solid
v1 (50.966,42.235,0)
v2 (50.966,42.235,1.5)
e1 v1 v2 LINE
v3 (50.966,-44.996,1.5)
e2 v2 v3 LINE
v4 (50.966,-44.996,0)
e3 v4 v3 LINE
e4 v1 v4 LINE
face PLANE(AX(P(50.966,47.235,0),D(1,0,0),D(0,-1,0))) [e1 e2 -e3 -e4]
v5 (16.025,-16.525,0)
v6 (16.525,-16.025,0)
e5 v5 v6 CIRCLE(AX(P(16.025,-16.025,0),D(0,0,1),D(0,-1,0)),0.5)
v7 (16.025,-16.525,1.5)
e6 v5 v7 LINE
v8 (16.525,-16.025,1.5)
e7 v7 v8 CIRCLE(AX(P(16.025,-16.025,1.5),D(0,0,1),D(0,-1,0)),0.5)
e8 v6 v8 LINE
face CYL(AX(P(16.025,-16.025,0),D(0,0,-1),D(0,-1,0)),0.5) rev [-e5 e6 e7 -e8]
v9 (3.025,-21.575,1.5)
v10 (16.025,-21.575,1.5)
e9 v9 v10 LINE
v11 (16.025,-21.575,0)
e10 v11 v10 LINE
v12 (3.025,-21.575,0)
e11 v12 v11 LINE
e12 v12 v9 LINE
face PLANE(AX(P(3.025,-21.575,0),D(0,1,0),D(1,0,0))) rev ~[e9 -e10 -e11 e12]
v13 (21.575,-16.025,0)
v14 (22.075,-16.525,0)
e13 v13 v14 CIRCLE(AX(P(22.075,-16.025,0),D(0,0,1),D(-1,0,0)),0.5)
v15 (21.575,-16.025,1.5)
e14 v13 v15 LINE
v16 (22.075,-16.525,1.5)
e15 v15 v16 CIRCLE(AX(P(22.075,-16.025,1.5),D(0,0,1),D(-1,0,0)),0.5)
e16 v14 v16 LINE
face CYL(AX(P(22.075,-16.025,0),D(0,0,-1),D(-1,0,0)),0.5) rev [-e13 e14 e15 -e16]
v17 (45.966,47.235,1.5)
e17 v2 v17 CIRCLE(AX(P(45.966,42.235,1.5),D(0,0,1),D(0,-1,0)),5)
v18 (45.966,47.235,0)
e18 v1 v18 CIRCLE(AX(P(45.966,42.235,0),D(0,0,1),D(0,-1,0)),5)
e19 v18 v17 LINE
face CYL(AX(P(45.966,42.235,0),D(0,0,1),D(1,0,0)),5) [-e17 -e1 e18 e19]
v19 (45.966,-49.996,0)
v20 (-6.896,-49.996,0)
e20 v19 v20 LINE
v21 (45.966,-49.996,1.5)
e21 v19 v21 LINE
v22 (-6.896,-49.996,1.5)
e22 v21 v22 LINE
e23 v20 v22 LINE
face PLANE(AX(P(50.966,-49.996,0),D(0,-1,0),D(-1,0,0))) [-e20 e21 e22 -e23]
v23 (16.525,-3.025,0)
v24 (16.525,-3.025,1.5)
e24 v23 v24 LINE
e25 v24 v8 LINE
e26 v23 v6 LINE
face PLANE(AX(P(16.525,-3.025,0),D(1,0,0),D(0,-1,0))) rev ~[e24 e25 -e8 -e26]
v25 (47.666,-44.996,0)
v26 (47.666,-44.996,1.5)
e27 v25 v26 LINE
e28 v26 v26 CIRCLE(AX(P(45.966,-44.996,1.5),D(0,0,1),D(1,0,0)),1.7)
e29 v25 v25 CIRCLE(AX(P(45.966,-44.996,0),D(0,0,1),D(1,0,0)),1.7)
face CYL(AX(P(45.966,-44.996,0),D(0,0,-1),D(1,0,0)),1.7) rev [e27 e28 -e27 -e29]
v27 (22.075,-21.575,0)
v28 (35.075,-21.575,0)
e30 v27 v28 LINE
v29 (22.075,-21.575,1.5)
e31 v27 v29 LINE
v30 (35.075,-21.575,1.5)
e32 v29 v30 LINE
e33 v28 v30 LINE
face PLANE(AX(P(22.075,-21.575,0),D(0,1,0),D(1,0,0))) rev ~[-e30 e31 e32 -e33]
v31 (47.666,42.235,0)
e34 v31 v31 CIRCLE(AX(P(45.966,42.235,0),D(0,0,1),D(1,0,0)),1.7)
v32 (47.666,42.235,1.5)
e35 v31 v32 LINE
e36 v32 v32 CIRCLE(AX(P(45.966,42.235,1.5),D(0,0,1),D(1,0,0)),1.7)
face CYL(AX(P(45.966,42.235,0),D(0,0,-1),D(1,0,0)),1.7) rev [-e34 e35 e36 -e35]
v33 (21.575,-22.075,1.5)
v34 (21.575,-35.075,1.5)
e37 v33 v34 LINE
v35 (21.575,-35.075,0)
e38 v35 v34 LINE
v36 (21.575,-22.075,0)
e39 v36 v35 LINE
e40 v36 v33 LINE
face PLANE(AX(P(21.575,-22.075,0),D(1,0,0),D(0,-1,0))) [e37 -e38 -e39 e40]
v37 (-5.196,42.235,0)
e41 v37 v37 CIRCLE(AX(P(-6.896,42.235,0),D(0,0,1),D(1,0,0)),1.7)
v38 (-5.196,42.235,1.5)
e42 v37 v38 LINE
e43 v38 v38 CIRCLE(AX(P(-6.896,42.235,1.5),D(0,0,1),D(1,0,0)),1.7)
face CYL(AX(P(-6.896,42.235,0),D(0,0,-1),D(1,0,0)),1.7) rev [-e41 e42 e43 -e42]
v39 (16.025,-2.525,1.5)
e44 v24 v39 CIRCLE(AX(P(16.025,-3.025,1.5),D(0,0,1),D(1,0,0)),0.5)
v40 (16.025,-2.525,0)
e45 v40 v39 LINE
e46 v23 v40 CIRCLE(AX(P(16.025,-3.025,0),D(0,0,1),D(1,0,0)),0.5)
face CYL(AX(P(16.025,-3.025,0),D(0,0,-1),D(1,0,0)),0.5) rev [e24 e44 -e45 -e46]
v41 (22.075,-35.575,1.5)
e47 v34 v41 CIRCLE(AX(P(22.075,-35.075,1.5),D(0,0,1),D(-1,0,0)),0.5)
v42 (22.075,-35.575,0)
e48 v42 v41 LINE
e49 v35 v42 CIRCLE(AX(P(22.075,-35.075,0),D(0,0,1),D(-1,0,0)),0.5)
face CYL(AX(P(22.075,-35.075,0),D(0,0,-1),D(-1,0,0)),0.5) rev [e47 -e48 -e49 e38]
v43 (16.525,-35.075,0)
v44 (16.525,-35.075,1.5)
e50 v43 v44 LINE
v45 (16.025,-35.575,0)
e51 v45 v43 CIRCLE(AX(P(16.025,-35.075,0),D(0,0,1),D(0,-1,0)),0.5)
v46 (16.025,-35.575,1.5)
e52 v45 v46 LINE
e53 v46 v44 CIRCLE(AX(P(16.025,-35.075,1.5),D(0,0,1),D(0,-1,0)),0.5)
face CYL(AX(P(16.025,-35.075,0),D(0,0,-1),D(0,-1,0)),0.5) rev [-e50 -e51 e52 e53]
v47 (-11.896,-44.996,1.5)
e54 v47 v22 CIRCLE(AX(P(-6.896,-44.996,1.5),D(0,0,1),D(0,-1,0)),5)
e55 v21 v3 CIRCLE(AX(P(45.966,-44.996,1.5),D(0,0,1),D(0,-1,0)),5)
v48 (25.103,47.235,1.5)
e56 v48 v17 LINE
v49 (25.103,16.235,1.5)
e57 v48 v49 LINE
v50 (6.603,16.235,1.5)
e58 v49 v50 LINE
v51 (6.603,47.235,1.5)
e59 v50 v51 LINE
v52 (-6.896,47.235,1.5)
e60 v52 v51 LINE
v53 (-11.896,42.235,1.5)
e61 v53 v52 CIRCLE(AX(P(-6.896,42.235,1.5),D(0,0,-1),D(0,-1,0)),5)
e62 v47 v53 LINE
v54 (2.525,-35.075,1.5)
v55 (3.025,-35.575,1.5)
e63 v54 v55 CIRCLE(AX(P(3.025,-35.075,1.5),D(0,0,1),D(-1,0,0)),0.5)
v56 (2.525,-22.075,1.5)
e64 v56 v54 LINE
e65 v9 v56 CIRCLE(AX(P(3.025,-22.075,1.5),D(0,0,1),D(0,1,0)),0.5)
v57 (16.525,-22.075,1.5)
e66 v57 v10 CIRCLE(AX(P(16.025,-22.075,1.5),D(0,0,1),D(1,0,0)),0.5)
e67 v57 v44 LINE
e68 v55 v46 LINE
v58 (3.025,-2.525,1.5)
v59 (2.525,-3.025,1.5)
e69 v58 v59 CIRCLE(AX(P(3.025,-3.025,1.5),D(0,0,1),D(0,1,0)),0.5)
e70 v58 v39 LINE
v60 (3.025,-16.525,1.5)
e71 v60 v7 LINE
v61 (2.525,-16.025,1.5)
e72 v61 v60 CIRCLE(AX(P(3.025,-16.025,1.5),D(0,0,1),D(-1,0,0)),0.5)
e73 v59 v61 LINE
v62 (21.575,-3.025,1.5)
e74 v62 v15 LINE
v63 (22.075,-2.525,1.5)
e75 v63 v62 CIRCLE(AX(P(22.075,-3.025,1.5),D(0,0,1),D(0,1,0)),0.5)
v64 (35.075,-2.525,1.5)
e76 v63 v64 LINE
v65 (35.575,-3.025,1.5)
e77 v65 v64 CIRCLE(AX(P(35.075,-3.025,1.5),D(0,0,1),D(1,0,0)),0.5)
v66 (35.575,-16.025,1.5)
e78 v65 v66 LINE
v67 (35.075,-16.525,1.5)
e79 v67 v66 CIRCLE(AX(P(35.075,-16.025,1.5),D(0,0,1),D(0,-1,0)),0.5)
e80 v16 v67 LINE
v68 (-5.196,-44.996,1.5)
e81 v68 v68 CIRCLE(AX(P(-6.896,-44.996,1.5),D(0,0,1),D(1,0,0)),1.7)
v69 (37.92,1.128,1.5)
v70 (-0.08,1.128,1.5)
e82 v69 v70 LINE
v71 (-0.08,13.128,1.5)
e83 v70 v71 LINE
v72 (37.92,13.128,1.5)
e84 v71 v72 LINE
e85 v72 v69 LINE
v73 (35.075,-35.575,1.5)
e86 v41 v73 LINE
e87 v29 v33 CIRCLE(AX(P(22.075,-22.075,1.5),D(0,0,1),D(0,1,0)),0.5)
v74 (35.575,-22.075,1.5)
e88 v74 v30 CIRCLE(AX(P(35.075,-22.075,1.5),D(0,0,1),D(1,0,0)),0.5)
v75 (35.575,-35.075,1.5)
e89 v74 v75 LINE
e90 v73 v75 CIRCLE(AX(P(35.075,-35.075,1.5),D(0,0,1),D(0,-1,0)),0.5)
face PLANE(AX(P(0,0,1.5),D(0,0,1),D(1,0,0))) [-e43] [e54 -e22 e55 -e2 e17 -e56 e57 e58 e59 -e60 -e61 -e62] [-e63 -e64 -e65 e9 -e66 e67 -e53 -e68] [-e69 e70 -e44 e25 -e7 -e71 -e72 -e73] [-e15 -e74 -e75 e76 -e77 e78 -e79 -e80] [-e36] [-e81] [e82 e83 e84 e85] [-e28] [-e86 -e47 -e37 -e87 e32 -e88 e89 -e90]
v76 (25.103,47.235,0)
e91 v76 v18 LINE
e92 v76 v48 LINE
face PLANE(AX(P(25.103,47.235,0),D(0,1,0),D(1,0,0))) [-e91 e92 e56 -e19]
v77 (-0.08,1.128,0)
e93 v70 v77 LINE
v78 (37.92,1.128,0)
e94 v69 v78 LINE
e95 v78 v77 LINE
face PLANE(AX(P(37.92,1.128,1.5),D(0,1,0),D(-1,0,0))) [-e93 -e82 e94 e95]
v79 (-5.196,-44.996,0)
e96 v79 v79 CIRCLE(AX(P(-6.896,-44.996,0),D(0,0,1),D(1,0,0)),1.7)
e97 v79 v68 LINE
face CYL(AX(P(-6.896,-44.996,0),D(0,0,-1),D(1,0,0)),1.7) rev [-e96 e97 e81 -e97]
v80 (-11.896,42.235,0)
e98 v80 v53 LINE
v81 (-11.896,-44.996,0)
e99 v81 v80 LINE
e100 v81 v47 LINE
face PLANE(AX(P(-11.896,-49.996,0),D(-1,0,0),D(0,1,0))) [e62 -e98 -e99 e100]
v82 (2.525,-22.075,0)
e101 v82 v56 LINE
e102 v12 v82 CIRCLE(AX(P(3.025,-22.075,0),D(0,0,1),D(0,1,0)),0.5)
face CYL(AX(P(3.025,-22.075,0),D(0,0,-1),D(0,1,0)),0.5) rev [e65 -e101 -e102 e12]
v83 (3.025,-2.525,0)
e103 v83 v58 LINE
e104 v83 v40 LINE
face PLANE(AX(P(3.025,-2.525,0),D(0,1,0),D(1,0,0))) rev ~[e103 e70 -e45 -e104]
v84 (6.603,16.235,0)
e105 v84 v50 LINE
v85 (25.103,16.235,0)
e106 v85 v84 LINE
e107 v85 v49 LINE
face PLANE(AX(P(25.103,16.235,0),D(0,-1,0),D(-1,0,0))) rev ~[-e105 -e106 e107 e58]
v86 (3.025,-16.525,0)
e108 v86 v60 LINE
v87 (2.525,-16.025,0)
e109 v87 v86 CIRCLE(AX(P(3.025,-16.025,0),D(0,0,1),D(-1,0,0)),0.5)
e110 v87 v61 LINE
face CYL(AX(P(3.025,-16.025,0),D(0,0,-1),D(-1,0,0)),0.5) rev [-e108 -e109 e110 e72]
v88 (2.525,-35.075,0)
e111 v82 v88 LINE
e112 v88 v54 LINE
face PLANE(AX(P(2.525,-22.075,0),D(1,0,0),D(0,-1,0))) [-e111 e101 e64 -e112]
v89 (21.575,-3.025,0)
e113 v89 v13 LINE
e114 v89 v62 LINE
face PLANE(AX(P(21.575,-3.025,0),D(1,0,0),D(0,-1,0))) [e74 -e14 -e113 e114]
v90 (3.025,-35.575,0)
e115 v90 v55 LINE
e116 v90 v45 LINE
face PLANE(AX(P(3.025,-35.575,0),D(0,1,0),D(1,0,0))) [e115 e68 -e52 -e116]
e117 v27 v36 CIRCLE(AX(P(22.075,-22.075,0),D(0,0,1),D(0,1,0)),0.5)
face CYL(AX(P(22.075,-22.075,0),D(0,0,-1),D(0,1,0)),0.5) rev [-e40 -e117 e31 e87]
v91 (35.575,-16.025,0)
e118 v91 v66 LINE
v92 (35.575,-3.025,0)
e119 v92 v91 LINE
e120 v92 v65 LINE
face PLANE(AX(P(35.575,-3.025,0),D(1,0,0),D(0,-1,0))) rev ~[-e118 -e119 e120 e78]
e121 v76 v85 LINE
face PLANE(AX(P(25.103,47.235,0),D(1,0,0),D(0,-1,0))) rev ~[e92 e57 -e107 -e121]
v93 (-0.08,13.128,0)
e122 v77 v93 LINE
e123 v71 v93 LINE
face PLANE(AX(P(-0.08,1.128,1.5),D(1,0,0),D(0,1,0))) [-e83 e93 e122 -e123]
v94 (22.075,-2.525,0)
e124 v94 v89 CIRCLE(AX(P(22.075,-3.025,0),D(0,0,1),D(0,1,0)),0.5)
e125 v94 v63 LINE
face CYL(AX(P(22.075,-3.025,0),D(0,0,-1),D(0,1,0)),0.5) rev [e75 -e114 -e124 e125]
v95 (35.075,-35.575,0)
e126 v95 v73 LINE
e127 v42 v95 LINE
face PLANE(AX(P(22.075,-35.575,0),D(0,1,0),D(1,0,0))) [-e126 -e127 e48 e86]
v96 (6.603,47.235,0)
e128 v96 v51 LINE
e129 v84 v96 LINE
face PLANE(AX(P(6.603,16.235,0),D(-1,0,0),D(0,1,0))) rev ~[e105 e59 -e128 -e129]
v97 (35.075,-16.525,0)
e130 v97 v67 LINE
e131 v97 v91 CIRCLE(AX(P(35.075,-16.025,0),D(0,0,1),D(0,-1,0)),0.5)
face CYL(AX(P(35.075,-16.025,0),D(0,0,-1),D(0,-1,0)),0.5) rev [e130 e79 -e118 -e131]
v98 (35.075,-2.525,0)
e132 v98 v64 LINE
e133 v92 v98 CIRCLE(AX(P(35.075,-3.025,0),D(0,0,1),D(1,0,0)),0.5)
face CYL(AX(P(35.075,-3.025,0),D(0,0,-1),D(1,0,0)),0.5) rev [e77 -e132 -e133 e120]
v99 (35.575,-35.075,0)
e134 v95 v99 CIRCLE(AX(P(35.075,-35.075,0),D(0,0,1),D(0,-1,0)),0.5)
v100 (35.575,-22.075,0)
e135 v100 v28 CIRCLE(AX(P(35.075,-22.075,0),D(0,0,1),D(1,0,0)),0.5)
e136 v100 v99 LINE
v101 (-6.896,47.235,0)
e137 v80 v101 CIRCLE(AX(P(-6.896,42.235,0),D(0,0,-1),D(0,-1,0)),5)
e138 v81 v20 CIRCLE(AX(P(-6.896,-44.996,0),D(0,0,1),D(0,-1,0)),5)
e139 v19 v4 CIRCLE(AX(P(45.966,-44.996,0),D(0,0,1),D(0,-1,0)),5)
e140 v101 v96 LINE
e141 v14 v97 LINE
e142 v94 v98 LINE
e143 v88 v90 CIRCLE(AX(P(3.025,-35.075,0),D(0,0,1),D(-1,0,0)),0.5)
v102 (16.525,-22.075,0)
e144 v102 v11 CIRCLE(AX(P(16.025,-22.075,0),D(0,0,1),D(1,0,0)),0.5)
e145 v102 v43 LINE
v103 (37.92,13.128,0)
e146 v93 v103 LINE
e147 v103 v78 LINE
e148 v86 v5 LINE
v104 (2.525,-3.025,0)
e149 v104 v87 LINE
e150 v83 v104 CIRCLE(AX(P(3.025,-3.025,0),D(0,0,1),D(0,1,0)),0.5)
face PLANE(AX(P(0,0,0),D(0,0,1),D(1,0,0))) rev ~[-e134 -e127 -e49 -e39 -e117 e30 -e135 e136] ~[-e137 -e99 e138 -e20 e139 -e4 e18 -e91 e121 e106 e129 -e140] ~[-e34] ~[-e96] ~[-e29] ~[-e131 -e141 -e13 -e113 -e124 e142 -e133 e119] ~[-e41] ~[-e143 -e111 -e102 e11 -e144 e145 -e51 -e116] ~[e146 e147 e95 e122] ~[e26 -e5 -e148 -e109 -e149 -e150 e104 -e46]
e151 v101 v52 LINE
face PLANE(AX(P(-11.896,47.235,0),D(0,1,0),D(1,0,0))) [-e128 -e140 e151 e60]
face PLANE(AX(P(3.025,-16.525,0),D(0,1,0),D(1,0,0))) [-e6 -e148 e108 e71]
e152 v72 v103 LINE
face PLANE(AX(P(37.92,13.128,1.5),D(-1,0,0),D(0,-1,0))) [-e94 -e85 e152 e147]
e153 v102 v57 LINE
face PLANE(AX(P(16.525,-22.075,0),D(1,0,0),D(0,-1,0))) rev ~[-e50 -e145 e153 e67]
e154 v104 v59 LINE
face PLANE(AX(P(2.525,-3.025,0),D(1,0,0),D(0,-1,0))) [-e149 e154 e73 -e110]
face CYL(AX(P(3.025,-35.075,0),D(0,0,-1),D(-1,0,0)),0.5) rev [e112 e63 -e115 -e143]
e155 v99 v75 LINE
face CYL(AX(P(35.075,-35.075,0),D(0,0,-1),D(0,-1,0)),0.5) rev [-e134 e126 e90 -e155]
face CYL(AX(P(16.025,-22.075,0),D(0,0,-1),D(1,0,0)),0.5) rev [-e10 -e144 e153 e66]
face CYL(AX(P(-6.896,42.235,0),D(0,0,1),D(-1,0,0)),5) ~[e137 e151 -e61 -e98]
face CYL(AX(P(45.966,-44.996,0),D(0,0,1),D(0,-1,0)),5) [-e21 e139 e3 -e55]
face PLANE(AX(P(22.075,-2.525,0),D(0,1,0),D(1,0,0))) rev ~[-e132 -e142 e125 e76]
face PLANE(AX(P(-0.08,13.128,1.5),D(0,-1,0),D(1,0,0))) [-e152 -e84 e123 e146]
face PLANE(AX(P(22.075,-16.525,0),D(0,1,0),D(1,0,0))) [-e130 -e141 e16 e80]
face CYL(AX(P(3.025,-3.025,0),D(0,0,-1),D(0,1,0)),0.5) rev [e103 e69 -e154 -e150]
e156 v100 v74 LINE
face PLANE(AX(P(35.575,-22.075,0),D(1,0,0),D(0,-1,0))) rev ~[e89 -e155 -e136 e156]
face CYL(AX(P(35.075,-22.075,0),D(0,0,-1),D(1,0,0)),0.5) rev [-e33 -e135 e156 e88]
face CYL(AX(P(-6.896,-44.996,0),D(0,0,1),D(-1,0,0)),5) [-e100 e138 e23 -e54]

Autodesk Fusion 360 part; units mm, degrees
sketch "plate-2025-11-24T01_24_03.301Z" plane through (0, 0, 0) normal (0, 0, 1) x (1, 0, 0)
  line L0 (3.025, -2.525) -> (16.025, -2.525)
  line L1 (3.025, -16.525) -> (16.025, -16.525)
  line L2 (2.525, -3.025) -> (2.525, -16.025)
  line L3 (16.525, -3.025) -> (16.525, -16.025)
  arc A0 (3.025, -2.525) -> (2.525, -3.025) centre (3.025, -3.025) ccw
  arc A1 (16.525, -3.025) -> (16.025, -2.525) centre (16.025, -3.025) ccw
  arc A2 (2.525, -16.025) -> (3.025, -16.525) centre (3.025, -16.025) ccw
  arc A3 (16.025, -16.525) -> (16.525, -16.025) centre (16.025, -16.025) ccw
  line L4 (22.075, -2.525) -> (35.075, -2.525)
  line L5 (22.075, -16.525) -> (35.075, -16.525)
  line L6 (21.575, -3.025) -> (21.575, -16.025)
  line L7 (35.575, -3.025) -> (35.575, -16.025)
  arc A4 (22.075, -2.525) -> (21.575, -3.025) centre (22.075, -3.025) ccw
  arc A5 (35.575, -3.025) -> (35.075, -2.525) centre (35.075, -3.025) ccw
  arc A6 (21.575, -16.025) -> (22.075, -16.525) centre (22.075, -16.025) ccw
  arc A7 (35.075, -16.525) -> (35.575, -16.025) centre (35.075, -16.025) ccw
  line L8 (3.025, -21.575) -> (16.025, -21.575)
  line L9 (3.025, -35.575) -> (16.025, -35.575)
  line L10 (2.525, -22.075) -> (2.525, -35.075)
  line L11 (16.525, -22.075) -> (16.525, -35.075)
  arc A8 (3.025, -21.575) -> (2.525, -22.075) centre (3.025, -22.075) ccw
  arc A9 (16.525, -22.075) -> (16.025, -21.575) centre (16.025, -22.075) ccw
  arc A10 (2.525, -35.075) -> (3.025, -35.575) centre (3.025, -35.075) ccw
  arc A11 (16.025, -35.575) -> (16.525, -35.075) centre (16.025, -35.075) ccw
  line L12 (22.075, -21.575) -> (35.075, -21.575)
  line L13 (22.075, -35.575) -> (35.075, -35.575)
  line L14 (21.575, -22.075) -> (21.575, -35.075)
  line L15 (35.575, -22.075) -> (35.575, -35.075)
  arc A12 (22.075, -21.575) -> (21.575, -22.075) centre (22.075, -22.075) ccw
  arc A13 (35.575, -22.075) -> (35.075, -21.575) centre (35.075, -22.075) ccw
  arc A14 (21.575, -35.075) -> (22.075, -35.575) centre (22.075, -35.075) ccw
  arc A15 (35.075, -35.575) -> (35.575, -35.075) centre (35.075, -35.075) ccw
sketch "Sketch2" plane through (0, 0, 0) normal (0, 0, 1) x (1, 0, 0)
  line L0 (-11.896, 47.235) -> (50.966, 47.235)
  line L1 (50.966, 47.235) -> (50.966, -49.996)
  line L2 (50.966, -49.996) -> (-11.896, -49.996)
  line L3 (-11.896, -49.996) -> (-11.896, 47.235)
  line L4 (2.525, -22.075) -> (2.525, -35.075)
  line L5 (3.025, -35.575) -> (16.025, -35.575)
  circle A0 centre (-6.896, 42.235) radius 1.7
  circle A1 centre (45.966, 42.235) radius 1.7
  circle A2 centre (45.966, -44.996) radius 1.7
  circle A3 centre (-6.896, -44.996) radius 1.7
  line L6 (6.603, 47.235) -> (25.103, 47.235)
  line L7 (25.103, 47.235) -> (25.103, 16.235)
  line L8 (25.103, 16.235) -> (6.603, 16.235)
  line L9 (6.603, 16.235) -> (6.603, 47.235)
  dimension "d1" = 62.862
  dimension "d2" = 97.231
  dimension "d3" = 14.421
  dimension "d4" = 14.421
  dimension "d8" = 3.4
  dimension "d9" = 5
  dimension "d10" = 5
  dimension "d11" = 3.4
  dimension "d12" = 5
  dimension "d13" = 5
  dimension "d14" = 3.4
  dimension "d15" = 5
  dimension "d16" = 5
  dimension "d17" = 3.4
  dimension "d18" = 5
  dimension "d19" = 5
  dimension "d20" = 18.5
  dimension "d21" = 31
  dimension "d22" = 18.499
extrude "Extrude1" add sketch "Sketch2" along normal blind 1.5 contours L0 L1 L2 L3 L7 L8 L9
extrude "Extrude2" cut sketch "plate-2025-11-24T01_24_03.301Z" along normal blind 1.5
fillet "Fillet1" radius 5 1 edges at (50.966, -49.996, 0.75)
fillet "Fillet2" radius 5 1 edges at (50.966, 47.235, 0.75)
fillet "Fillet3" radius 5 1 edges at (-11.896, 47.235, 0.75)
fillet "Fillet4" radius 5 1 edges at (-11.896, -49.996, 0.75)
sketch "Sketch3" plane through (0, 0, 1.5) normal (0, 0, 1) x (-1, 0, 0)
  arc A0 (11.896, 44.996) -> (6.896, 49.996) centre (6.896, 44.996) ccw
  line L0 (6.896, 49.996) -> (-45.966, 49.996)
  arc A1 (-45.966, 49.996) -> (-50.966, 44.996) centre (-45.966, 44.996) ccw
  line L1 (-50.966, 44.996) -> (-50.966, -42.235)
  arc A2 (-50.966, -42.235) -> (-45.966, -47.235) centre (-45.966, -42.235) ccw
  line L2 (-45.966, -47.235) -> (-25.103, -47.235)
  line L3 (-25.103, -47.235) -> (-25.103, -16.235)
  line L4 (-25.103, -16.235) -> (-6.603, -16.235)
  line L5 (-6.603, -16.235) -> (-6.603, -47.235)
  line L6 (-6.603, -47.235) -> (6.896, -47.235)
  arc A3 (6.896, -47.235) -> (11.896, -42.235) centre (6.896, -42.235) ccw
  line L7 (11.896, -42.235) -> (11.896, 44.996)
  line L8 (-22.075, 21.575) -> (-35.075, 21.575)
  arc A4 (-35.575, 22.075) -> (-35.075, 21.575) centre (-35.075, 22.075) ccw
  line L9 (-35.575, 22.075) -> (-35.575, 35.075)
  arc A5 (-35.075, 35.575) -> (-35.575, 35.075) centre (-35.075, 35.075) ccw
  line L10 (-35.075, 35.575) -> (-22.075, 35.575)
  arc A6 (-21.575, 35.075) -> (-22.075, 35.575) centre (-22.075, 35.075) ccw
  line L11 (-21.575, 35.075) -> (-21.575, 22.075)
  arc A7 (-22.075, 21.575) -> (-21.575, 22.075) centre (-22.075, 22.075) ccw
  line L12 (-3.025, 2.525) -> (-16.025, 2.525)
  arc A8 (-16.525, 3.025) -> (-16.025, 2.525) centre (-16.025, 3.025) ccw
  line L13 (-16.525, 3.025) -> (-16.525, 16.025)
  arc A9 (-16.025, 16.525) -> (-16.525, 16.025) centre (-16.025, 16.025) ccw
  line L14 (-16.025, 16.525) -> (-3.025, 16.525)
  arc A10 (-2.525, 16.025) -> (-3.025, 16.525) centre (-3.025, 16.025) ccw
  line L15 (-2.525, 16.025) -> (-2.525, 3.025)
  arc A11 (-3.025, 2.525) -> (-2.525, 3.025) centre (-3.025, 3.025) ccw
  line L16 (-3.025, 21.575) -> (-16.025, 21.575)
  arc A12 (-16.525, 22.075) -> (-16.025, 21.575) centre (-16.025, 22.075) ccw
  line L17 (-16.525, 22.075) -> (-16.525, 35.075)
  arc A13 (-16.025, 35.575) -> (-16.525, 35.075) centre (-16.025, 35.075) ccw
  line L18 (-16.025, 35.575) -> (-3.025, 35.575)
  arc A14 (-2.525, 35.075) -> (-3.025, 35.575) centre (-3.025, 35.075) ccw
  line L19 (-2.525, 35.075) -> (-2.525, 22.075)
  arc A15 (-3.025, 21.575) -> (-2.525, 22.075) centre (-3.025, 22.075) ccw
  line L20 (-22.075, 2.525) -> (-35.075, 2.525)
  arc A16 (-35.575, 3.025) -> (-35.075, 2.525) centre (-35.075, 3.025) ccw
  line L21 (-35.575, 3.025) -> (-35.575, 16.025)
  arc A17 (-35.075, 16.525) -> (-35.575, 16.025) centre (-35.075, 16.025) ccw
  line L22 (-35.075, 16.525) -> (-22.075, 16.525)
  arc A18 (-21.575, 16.025) -> (-22.075, 16.525) centre (-22.075, 16.025) ccw
  line L23 (-21.575, 16.025) -> (-21.575, 3.025)
  arc A19 (-22.075, 2.525) -> (-21.575, 3.025) centre (-22.075, 3.025) ccw
  circle A20 centre (6.896, -42.235) radius 1.7
  circle A21 centre (-45.966, 44.996) radius 1.7
  circle A22 centre (-45.966, -42.235) radius 1.7
  circle A23 centre (6.896, 44.996) radius 1.7
  line L24 (0.08, -13.128) -> (-37.92, -13.128)
  line L25 (-37.92, -13.128) -> (-37.92, -1.128)
  line L26 (-37.92, -1.128) -> (0.08, -1.128)
  line L27 (0.08, -1.128) -> (0.08, -13.128)
  line L28 (11.896, 49.996) -> (11.896, -47.235)
  dimension "d35" = 38
  dimension "d36" = 12
  dimension "d37" = 11.816
extrude "Extrude3" cut sketch "Sketch3" against normal blind 1.5 contours L24 L25 L26 L27
